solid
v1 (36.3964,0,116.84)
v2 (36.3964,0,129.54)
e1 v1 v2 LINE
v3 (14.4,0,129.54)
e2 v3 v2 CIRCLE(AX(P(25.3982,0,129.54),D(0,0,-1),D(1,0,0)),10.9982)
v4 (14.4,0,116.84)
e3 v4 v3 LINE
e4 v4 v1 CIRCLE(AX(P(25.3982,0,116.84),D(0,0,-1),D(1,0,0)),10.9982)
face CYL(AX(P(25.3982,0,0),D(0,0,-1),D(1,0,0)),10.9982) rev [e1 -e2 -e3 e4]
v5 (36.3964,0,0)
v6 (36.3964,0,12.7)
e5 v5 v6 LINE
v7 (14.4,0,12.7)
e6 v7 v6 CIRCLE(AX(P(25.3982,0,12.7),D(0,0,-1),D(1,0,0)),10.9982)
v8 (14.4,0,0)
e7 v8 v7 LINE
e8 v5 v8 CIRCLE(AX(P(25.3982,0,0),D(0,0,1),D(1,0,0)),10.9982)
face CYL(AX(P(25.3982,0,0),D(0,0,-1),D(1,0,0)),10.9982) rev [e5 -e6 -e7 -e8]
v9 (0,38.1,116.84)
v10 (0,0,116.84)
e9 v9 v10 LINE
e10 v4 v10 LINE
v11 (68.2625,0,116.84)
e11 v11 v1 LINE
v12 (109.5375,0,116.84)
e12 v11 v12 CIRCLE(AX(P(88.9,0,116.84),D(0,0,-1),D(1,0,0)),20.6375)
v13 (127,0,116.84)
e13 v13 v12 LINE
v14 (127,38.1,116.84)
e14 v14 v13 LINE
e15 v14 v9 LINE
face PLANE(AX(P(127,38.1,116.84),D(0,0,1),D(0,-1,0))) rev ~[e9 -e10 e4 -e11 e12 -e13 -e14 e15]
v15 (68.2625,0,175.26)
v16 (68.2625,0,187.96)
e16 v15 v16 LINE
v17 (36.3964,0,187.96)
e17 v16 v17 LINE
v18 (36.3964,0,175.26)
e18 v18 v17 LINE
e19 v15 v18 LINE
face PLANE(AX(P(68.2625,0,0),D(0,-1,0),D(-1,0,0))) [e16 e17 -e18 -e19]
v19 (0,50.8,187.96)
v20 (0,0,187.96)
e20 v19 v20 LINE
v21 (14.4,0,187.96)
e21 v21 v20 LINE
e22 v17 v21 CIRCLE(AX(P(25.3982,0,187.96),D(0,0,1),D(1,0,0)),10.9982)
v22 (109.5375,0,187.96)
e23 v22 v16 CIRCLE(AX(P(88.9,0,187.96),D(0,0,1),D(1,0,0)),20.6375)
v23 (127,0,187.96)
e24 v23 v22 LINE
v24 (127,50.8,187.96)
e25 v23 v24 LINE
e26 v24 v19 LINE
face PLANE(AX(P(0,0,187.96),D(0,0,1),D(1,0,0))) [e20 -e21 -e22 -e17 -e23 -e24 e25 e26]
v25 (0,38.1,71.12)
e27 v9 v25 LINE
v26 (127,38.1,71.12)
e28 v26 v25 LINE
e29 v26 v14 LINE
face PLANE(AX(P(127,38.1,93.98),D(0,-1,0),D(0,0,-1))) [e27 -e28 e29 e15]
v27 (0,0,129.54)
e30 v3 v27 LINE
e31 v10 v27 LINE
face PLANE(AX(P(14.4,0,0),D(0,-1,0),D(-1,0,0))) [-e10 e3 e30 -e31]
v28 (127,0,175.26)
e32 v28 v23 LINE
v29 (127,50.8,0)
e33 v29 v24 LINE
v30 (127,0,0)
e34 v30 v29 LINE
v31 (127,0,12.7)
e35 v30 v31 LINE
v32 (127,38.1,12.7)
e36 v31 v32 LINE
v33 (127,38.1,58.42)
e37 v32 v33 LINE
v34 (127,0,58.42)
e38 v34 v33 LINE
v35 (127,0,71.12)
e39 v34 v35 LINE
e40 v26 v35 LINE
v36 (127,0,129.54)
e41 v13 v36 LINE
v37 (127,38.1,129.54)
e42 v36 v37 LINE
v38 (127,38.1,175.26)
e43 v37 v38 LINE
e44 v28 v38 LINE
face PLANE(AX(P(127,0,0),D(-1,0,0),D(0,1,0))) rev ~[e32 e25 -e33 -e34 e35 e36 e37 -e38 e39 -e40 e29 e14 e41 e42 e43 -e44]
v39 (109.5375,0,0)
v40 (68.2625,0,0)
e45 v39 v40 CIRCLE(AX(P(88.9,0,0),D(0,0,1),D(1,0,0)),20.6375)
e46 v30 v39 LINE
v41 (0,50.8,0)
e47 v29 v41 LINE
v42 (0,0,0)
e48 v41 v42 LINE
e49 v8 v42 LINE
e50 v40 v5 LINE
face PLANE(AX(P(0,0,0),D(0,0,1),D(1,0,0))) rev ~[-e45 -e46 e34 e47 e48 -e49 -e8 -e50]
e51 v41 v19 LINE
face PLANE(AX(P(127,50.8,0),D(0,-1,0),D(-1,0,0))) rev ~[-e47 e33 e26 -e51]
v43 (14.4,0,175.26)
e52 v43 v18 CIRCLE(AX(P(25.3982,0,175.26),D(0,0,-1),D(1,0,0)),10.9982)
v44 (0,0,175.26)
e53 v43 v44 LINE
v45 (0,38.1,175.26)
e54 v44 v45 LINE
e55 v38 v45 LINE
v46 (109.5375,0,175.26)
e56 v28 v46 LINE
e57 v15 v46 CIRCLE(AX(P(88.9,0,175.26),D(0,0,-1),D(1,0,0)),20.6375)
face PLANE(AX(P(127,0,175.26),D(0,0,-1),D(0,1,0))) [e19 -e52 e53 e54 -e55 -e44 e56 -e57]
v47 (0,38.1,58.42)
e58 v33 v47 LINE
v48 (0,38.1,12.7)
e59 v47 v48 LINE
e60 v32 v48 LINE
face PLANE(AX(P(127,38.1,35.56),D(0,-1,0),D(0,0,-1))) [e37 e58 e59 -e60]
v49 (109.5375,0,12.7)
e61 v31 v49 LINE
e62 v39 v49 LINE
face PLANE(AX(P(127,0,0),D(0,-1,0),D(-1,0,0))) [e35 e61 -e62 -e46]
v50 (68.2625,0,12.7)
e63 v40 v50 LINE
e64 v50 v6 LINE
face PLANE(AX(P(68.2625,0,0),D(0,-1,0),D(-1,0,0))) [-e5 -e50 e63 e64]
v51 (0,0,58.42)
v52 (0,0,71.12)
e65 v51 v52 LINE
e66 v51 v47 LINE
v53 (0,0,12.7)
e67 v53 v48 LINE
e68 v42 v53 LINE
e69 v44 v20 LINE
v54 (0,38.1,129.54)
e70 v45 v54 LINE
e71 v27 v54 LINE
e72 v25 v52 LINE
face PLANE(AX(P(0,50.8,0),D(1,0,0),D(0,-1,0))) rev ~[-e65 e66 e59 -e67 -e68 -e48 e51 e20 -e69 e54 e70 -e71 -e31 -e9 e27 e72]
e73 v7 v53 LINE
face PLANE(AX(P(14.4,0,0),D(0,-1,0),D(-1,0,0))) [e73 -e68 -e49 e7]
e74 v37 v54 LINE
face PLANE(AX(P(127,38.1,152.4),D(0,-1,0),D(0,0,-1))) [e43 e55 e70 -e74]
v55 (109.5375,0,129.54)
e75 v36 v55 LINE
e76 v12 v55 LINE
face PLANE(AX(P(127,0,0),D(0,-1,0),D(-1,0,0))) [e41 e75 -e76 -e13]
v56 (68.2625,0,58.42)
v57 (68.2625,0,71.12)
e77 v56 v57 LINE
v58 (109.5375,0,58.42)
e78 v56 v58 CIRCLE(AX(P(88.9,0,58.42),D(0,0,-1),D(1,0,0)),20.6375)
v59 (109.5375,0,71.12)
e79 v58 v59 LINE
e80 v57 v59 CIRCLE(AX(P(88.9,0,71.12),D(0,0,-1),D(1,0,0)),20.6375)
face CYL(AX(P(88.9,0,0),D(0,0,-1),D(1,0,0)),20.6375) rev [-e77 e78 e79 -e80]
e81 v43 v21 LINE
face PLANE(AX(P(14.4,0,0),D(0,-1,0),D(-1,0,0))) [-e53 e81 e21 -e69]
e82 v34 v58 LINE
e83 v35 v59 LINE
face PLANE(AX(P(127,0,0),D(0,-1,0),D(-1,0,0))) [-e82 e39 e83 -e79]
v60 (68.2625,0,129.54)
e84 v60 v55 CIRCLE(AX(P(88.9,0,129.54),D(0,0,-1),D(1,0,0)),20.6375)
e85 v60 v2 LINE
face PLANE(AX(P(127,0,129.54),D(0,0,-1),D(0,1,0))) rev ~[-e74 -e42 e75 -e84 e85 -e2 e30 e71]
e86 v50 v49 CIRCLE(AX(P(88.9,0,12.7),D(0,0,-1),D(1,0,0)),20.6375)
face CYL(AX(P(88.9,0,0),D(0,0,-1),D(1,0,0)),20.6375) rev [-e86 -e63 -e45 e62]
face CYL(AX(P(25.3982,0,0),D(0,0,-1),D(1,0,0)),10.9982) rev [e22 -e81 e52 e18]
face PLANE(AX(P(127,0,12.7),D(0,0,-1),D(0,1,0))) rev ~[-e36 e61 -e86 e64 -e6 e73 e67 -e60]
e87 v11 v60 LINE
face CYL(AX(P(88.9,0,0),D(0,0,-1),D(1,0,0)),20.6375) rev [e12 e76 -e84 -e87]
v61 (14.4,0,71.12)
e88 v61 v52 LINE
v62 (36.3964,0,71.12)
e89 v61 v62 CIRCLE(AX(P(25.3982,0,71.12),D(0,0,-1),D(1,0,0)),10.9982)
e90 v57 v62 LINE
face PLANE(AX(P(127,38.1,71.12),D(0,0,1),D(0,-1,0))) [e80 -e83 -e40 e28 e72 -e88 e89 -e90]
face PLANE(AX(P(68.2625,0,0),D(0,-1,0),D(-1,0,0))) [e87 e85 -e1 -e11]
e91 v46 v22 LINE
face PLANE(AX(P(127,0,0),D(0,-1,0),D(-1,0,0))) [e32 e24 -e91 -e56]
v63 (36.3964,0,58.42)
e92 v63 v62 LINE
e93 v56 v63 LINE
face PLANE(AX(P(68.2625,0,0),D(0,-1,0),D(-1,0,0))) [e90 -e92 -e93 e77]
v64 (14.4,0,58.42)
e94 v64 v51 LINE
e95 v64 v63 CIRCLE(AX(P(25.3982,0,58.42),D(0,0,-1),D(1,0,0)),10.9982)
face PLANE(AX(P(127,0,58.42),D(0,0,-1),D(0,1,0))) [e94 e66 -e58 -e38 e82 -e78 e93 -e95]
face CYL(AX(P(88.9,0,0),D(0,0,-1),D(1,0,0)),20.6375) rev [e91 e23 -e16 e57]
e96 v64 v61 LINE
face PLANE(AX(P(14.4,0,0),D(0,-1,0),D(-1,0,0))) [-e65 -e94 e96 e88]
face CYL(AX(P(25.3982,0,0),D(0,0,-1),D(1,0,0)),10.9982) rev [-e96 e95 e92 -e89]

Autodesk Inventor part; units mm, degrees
ref_plane "YZ Plane" through (0, 0, 0) normal (1, 0, 0) x (0, 1, 0)
ref_plane "XZ Plane" through (0, 0, 0) normal (0, 1, 0) x (-1, 0, 0)
ref_plane "XY Plane" through (0, 0, 0) normal (0, 0, 1) x (1, 0, 0)
sketch "Sketch1" plane through (0, 0, 0) normal (0, 0, 1) x (1, 0, 0)
  line L0 (127, 0) -> (127, 50.8)
  line L1 (127, 50.8) -> (0, 50.8)
  line L2 (0, 50.8) -> (0, 0)
  arc A0 (109.5375, 0) -> (68.2625, 0) centre (88.9, 0) ccw
  arc A1 (36.3964, 0) -> (14.4, 0) centre (25.3982, 0) ccw
  line L3 (14.4, 0) -> (0, 0)
  line L4 (127, 0) -> (109.5375, 0)
  line L5 (68.2625, 0) -> (36.3964, 0)
  dimension "d0" = 127
  dimension "d2" = 41.275
  dimension "d25" = 38.1
  dimension "d26" = 21.9964
  dimension "d31" = 31.8661
  dimension "d32" = 14.4
  dimension "d33" = 50.8
extrude "Extrusion1" add sketch "Sketch1" along normal blind 187.96
sketch "Sketch3" plane through (127, 0, 0) normal (1, 0, 0) x (0, 0, -1)
  line L0 (0, 50.8) -> (-187.96, 50.8) projected
  line L1 (0, 0) -> (-187.96, 0) projected
  line L2 (-35.56, 38.1) -> (-35.56, 0)
  line L3 (0, 0) -> (-187.96, 0) projected
  line L4 (-93.98, 0) -> (-93.98, 38.1)
  line L5 (-152.4, 38.1) -> (-152.4, 0)
  line L6 (0, 0) -> (0, 50.8) projected
  line L7 (-187.96, 0) -> (-175.26, 0)
  line L8 (-175.26, 0) -> (-175.26, 38.1)
  line L9 (-175.26, 50.8) -> (-187.96, 50.8)
  line L10 (-187.96, 50.8) -> (-187.96, 0)
  line L11 (-116.84, 0) -> (-129.54, 0)
  line L12 (-129.54, 0) -> (-129.54, 38.1)
  line L13 (-129.54, 50.8) -> (-116.84, 50.8)
  line L14 (-116.84, 38.1) -> (-116.84, 0)
  line L15 (-35.56, 38.1) -> (-35.56, 0)
  line L16 (0, 0) -> (-12.7, 0)
  line L17 (-12.7, 0) -> (-12.7, 38.1)
  line L18 (-12.7, 50.8) -> (0, 50.8)
  line L19 (0, 50.8) -> (0, 0)
  line L20 (-71.12, 0) -> (-58.42, 0)
  line L21 (-58.42, 0) -> (-58.42, 38.1)
  line L22 (-58.42, 50.8) -> (-71.12, 50.8)
  line L23 (-71.12, 38.1) -> (-71.12, 0)
  line L24 (-187.96, 50.8) -> (-187.96, 0) projected
  line L25 (-187.96, 50.8) -> (0, 50.8)
  line L26 (-58.42, 38.1) -> (-12.7, 38.1)
  line L27 (-175.26, 38.1) -> (-129.54, 38.1)
  line L28 (-116.84, 38.1) -> (-71.12, 38.1)
  dimension "d15" = 35.56
  dimension "d16" = 93.98
  dimension "d17" = 152.4
  dimension "d18" = 12.7
  dimension "d34" = 38.1
extrude "Extrusion2" cut sketch "Sketch3" against normal blind 187.96 contours L1 L2 L26 L17 | L1 L21 L26 L2 | L1 L4 L28 L23 | L1 L14 L28 L4 | L1 L5 L27 L12 | L8 L27 L5 L1
properties part number "E.Engine Block Bottom"
